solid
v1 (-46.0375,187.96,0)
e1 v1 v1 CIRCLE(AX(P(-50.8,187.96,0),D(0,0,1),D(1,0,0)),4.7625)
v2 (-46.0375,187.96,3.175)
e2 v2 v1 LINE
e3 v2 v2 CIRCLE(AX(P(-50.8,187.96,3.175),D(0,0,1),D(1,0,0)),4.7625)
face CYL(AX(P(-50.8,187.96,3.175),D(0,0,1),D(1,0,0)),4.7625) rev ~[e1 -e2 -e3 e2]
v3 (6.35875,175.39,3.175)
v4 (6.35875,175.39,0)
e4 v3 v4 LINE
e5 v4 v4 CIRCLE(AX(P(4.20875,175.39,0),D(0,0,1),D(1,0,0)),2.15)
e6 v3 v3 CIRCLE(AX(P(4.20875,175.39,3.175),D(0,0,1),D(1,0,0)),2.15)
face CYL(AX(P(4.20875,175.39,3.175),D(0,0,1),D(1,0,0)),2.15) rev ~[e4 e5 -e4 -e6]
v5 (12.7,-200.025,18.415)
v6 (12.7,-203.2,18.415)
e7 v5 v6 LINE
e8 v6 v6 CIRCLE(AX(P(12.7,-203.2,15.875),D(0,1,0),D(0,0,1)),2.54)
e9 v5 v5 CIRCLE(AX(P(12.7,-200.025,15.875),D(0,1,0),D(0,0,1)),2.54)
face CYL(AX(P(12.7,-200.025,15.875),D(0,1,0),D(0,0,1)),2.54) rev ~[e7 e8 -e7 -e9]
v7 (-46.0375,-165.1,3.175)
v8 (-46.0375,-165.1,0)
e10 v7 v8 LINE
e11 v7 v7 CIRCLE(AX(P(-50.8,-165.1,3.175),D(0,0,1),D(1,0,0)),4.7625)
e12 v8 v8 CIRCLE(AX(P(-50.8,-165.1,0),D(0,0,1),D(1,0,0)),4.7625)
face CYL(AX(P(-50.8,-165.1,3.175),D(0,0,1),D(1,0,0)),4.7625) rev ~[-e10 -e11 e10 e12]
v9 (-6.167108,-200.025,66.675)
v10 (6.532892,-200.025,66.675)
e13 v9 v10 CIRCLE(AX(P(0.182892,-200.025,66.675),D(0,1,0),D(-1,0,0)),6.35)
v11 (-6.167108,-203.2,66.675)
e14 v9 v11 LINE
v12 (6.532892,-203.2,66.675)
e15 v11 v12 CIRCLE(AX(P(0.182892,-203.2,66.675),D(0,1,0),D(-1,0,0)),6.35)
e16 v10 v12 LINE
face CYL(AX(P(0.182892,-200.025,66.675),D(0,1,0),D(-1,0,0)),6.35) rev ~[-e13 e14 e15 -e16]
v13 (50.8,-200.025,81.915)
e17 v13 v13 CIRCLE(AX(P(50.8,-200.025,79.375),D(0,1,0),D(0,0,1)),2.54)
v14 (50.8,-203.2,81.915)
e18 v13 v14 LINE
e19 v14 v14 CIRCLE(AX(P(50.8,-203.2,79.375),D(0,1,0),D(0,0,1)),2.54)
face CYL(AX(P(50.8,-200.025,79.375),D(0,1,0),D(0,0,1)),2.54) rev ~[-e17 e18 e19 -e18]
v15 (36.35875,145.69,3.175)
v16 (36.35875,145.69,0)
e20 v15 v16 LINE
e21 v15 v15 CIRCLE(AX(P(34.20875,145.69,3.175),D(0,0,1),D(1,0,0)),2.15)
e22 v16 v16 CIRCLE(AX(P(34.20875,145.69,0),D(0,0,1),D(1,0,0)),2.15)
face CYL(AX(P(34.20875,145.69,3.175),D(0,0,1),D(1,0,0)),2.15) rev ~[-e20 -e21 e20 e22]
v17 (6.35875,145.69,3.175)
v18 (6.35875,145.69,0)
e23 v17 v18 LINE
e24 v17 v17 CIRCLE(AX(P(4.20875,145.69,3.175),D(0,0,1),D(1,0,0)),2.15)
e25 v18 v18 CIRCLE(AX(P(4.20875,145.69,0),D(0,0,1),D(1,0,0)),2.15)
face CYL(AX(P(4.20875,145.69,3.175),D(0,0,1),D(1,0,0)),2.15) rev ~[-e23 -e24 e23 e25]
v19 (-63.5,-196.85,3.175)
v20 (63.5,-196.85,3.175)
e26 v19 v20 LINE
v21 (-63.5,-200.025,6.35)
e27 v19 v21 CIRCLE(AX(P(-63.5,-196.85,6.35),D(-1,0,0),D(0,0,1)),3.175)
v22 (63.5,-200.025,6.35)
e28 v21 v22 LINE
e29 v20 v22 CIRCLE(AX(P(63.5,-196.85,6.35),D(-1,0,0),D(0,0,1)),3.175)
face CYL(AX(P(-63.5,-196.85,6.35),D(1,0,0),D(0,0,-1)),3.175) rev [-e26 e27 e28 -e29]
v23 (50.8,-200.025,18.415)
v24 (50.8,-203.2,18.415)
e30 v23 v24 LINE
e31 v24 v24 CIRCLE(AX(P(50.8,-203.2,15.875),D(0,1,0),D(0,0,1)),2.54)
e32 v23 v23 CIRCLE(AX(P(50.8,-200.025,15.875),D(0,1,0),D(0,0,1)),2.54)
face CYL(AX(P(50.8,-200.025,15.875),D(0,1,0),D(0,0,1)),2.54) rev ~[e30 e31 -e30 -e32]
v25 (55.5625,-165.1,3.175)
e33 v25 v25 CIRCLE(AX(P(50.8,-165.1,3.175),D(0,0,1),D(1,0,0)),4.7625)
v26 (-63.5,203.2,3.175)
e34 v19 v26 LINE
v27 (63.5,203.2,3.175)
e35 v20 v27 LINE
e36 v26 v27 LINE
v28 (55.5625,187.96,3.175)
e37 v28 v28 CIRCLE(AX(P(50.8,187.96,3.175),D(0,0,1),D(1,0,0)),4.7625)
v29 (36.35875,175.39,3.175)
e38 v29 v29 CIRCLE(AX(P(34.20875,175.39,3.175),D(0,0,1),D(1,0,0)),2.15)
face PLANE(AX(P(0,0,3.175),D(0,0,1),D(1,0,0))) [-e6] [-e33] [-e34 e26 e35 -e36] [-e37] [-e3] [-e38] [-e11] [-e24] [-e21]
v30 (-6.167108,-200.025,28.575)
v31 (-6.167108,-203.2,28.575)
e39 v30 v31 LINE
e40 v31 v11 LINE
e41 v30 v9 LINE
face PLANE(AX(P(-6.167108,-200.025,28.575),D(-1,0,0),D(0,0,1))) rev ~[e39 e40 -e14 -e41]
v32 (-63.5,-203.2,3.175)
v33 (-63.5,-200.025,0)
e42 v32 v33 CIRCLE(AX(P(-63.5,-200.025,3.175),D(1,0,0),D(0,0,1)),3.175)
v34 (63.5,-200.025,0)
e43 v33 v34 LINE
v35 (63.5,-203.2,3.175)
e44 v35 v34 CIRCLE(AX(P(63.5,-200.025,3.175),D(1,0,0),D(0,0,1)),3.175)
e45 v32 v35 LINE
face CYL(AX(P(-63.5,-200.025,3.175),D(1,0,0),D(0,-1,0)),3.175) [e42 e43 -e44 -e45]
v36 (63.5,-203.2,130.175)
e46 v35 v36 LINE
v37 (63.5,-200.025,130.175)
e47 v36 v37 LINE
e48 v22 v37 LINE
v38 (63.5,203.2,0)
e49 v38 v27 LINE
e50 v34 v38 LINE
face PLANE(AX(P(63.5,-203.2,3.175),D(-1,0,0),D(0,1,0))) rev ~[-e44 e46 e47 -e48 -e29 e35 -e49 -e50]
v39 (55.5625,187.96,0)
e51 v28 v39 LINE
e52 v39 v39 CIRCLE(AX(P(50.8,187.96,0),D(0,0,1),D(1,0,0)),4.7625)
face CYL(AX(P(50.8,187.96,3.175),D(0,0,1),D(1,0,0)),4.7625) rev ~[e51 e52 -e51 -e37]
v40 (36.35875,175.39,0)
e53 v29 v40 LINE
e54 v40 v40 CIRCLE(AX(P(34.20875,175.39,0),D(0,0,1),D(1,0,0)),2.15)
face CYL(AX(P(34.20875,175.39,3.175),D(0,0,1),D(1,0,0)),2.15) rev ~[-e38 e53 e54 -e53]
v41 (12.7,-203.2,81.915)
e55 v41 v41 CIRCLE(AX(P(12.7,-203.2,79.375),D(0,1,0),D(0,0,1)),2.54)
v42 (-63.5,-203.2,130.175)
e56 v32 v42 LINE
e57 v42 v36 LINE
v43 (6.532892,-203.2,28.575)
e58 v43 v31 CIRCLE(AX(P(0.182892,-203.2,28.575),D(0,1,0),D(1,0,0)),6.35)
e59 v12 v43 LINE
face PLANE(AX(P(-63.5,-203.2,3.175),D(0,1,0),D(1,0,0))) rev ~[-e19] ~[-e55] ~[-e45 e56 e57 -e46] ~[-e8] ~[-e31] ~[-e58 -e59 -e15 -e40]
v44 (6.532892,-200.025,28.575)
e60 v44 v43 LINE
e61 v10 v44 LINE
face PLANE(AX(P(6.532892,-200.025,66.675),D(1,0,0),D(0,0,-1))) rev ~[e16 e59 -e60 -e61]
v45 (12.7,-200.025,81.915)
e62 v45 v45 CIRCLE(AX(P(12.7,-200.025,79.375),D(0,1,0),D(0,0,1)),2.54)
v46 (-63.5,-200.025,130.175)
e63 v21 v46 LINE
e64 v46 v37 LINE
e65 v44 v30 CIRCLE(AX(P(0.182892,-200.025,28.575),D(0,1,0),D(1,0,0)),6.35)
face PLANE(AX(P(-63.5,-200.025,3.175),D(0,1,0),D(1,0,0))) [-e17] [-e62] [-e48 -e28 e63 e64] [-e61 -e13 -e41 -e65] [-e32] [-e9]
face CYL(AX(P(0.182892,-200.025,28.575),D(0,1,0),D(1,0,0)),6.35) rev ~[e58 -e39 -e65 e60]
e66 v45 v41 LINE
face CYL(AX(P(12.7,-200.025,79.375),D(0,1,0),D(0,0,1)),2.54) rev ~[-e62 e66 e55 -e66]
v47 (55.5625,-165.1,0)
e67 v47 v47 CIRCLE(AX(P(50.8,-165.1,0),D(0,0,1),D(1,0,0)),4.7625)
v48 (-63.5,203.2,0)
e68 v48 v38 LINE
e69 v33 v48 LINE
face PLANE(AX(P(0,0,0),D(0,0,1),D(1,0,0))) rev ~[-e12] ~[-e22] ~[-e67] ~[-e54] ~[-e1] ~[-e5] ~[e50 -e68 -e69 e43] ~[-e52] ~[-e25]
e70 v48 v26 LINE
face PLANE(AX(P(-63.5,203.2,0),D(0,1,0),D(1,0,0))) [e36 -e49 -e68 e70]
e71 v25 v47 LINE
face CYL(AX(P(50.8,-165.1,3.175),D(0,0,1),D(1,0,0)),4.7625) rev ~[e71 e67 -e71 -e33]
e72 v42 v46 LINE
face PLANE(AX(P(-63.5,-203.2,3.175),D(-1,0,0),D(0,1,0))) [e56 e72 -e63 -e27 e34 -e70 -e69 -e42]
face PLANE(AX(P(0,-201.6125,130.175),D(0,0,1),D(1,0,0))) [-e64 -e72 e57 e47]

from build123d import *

# Parameters (mm, degrees)
SKETCH2_W           = 127
SKETCH2_H           = 406.4
BOSS_EXTRUDE1_DEPTH = 3.175
SKETCH3_W           = 127
SKETCH3_H           = 3.175
BOSS_EXTRUDE2_DEPTH = 127
FILLET1_R           = 3.175
SKETCH4_R           = 2.54
CUT_EXTRUDE1_DEPTH  = 429.448574802
SKETCH5_R           = 4.7625
SKETCH5_R_2         = 2.15
CUT_EXTRUDE2_DEPTH  = 248.894110458


with BuildPart() as part:
    # Sketch2 → Boss-Extrude1 (new body)
    with BuildSketch(Plane.XY):
        Rectangle(SKETCH2_W, SKETCH2_H)
    extrude(amount=BOSS_EXTRUDE1_DEPTH)

    # Sketch3 → Boss-Extrude2 (add)
    with BuildSketch(Plane.XY.offset(3.175)):
        with Locations((0, -201.6125)):
            Rectangle(SKETCH3_W, SKETCH3_H)
    extrude(amount=BOSS_EXTRUDE2_DEPTH)

    # Fillet1
    fillet1_edges = [part.edges().sort_by_distance(p)[0] for p in [
        (0, -200.025, 3.175),
        (0, -203.2, 0),
    ]]
    fillet(fillet1_edges, radius=FILLET1_R)

    # Sketch4 → Cut-Extrude1 (cut, through all)
    with BuildSketch(Plane(origin=(0, -200.025, 0), x_dir=(1, 0, 0), z_dir=(0, 1, 0))):
        with BuildLine():
            ThreePointArc((-6.167107762, -66.675), (0.182892238, -73.025), (6.532892238, -66.675))
            Line((6.532892238, -66.675), (6.532892238, -28.575))
            ThreePointArc((6.532892238, -28.575), (0.182892238, -22.225), (-6.167107762, -28.575))
            Line((-6.167107762, -28.575), (-6.167107762, -66.675))
        make_face()
        with Locations(Location((12.7, -79.375, 0), (0, 0, 270))):
            Circle(SKETCH4_R)
        with Locations(Location((50.8, -79.375, 0), (0, 0, 270))):
            Circle(SKETCH4_R)
        with Locations(Location((50.8, -15.875, 0), (0, 0, 270))):
            Circle(SKETCH4_R)
        with Locations(Location((12.7, -15.875, 0), (0, 0, 270))):
            Circle(SKETCH4_R)
    extrude(amount=-CUT_EXTRUDE1_DEPTH, mode=Mode.SUBTRACT)

    # Sketch5 → Cut-Extrude2 (cut, through all)
    with BuildSketch(Plane.XY.offset(3.175)):
        with Locations((-50.8, 187.96)):
            Circle(SKETCH5_R)
        with Locations((50.8, 187.96)):
            Circle(SKETCH5_R)
        with Locations((-50.8, -165.1)):
            Circle(SKETCH5_R)
        with Locations((50.8, -165.1)):
            Circle(SKETCH5_R)
        with Locations((34.20875, 175.39)):
            Circle(SKETCH5_R_2)
        with Locations((4.20875, 175.39)):
            Circle(SKETCH5_R_2)
        with Locations((4.20875, 145.69)):
            Circle(SKETCH5_R_2)
        with Locations((34.20875, 145.69)):
            Circle(SKETCH5_R_2)
    extrude(amount=-CUT_EXTRUDE2_DEPTH, mode=Mode.SUBTRACT)


solid = part.part
